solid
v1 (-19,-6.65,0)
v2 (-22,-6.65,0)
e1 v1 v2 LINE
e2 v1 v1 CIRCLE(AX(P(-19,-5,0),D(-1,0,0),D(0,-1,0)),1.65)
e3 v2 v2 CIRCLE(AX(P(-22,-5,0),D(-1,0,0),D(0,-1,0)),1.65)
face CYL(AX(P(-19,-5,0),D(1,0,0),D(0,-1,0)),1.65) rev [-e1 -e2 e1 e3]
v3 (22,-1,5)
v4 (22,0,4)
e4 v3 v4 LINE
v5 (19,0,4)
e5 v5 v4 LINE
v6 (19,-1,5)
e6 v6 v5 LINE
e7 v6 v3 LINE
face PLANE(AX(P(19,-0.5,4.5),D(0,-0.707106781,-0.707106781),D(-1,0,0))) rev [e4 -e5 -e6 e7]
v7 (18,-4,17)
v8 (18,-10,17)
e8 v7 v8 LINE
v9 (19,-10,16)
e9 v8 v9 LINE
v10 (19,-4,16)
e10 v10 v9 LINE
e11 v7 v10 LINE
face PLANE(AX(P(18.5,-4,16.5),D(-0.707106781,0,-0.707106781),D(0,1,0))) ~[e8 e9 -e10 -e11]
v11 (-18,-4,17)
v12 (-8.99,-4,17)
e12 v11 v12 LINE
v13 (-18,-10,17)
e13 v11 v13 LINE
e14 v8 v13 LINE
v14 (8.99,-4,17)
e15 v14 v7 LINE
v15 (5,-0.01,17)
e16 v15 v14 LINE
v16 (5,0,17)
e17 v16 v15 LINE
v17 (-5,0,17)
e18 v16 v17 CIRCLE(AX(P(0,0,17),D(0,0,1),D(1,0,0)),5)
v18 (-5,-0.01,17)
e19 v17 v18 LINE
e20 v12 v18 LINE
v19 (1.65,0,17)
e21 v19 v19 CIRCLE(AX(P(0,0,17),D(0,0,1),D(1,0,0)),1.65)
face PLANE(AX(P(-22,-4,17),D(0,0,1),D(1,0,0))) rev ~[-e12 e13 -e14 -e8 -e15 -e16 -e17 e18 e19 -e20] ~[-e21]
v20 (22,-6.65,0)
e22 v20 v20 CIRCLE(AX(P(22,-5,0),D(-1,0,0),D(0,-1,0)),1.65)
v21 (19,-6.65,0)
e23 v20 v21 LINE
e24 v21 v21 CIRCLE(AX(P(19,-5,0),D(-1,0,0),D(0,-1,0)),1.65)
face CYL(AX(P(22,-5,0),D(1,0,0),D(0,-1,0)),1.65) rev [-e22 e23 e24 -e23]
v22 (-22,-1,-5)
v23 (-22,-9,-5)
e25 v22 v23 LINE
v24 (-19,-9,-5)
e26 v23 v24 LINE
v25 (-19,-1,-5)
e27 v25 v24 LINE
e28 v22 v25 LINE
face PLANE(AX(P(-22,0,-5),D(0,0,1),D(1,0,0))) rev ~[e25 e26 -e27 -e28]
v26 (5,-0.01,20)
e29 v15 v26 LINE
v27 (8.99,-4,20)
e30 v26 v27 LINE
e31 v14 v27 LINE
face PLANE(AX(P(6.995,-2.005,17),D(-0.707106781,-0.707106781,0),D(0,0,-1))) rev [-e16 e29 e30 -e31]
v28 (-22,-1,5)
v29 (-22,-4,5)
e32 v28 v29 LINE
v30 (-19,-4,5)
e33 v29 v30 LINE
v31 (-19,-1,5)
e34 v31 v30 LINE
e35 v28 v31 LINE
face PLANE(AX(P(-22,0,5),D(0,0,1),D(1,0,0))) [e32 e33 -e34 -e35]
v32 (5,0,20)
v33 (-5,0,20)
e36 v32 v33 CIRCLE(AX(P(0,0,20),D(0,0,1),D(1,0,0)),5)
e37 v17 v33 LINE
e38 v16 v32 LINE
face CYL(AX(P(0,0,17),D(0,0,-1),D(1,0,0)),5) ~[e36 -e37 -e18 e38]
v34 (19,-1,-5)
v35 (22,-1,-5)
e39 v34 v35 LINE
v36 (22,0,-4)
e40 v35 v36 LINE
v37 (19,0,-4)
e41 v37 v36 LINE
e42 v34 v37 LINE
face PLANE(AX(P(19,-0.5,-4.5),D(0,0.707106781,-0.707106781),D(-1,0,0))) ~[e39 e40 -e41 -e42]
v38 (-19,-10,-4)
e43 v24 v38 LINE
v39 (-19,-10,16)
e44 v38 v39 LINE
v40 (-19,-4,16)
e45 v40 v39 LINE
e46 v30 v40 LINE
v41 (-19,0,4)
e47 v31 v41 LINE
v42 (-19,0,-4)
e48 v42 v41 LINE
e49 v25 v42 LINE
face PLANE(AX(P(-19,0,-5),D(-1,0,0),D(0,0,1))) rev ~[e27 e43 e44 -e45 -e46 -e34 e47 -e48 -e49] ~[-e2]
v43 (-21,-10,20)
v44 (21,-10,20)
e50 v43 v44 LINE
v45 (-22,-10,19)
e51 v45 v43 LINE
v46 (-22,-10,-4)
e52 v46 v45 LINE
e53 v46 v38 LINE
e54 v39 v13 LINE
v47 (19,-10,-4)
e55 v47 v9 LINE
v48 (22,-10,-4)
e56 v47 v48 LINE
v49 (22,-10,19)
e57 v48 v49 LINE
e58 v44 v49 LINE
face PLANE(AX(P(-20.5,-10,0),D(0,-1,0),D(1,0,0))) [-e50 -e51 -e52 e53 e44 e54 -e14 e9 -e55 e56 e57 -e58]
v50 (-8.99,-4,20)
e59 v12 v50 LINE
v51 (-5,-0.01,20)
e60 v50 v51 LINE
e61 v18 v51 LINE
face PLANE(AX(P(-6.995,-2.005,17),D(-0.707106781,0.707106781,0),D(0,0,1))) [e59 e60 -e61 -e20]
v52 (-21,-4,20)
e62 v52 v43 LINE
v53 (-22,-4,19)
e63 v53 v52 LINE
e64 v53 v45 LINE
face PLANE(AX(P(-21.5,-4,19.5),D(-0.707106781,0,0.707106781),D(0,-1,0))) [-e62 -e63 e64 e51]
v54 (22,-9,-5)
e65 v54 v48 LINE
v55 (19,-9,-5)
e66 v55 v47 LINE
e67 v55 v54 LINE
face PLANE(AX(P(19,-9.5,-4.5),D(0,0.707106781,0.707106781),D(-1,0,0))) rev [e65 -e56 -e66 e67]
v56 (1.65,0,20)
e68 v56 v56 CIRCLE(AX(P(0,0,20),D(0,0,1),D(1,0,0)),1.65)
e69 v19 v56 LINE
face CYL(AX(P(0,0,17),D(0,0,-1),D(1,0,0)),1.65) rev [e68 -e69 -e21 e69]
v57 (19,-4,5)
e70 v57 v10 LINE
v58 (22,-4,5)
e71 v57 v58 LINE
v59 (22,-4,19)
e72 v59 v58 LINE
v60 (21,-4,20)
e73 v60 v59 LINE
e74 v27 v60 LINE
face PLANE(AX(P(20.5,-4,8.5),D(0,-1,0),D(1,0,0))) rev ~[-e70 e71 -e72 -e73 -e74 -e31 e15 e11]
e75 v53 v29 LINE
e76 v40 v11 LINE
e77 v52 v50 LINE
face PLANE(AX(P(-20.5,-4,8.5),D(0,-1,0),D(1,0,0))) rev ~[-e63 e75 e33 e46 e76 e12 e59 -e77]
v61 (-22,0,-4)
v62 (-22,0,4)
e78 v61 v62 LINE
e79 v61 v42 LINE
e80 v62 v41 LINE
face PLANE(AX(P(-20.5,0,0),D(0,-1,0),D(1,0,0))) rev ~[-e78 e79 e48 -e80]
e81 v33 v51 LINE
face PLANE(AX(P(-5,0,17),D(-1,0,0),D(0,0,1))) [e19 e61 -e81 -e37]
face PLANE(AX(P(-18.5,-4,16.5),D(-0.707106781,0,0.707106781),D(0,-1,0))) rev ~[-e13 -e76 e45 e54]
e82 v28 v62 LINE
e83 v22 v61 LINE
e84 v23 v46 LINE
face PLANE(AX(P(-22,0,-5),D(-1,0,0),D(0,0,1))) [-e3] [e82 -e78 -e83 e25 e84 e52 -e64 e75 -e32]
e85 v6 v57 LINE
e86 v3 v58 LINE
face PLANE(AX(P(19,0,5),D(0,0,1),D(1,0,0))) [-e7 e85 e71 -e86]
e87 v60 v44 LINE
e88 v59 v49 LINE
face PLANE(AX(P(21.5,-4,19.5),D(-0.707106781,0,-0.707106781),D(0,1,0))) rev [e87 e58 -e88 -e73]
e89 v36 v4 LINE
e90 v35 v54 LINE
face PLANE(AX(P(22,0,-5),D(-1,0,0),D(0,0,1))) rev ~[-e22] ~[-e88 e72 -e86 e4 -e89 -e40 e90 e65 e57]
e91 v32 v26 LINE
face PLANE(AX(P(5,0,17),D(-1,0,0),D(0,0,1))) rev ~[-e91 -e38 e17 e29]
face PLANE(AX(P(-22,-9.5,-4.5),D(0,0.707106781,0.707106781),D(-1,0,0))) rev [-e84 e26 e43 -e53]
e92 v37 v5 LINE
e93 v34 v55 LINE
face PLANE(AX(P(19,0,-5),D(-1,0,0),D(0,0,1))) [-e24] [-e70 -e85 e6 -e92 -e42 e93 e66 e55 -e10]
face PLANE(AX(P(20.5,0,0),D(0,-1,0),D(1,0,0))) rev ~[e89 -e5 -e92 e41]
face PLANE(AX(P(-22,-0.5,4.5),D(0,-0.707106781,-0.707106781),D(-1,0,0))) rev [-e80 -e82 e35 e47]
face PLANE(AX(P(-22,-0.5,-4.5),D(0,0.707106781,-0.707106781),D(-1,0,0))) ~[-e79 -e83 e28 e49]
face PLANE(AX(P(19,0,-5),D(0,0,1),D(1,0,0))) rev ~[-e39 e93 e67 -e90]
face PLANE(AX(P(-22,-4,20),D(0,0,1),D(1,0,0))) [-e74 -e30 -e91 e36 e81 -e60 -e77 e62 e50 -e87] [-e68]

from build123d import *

# Parameters (mm, degrees)
CYLINDER008_R              = 1.65
CYLINDER008_DEPTH          = 3
CYLINDER007_R              = 1.65
CYLINDER007_DEPTH          = 3
CYLINDER012_R              = 1.65
CYLINDER012_DEPTH          = 3
BOX006_W                   = 3
BOX006_H                   = 10
BOX006_DEPTH               = 10
CHAMFER002_SIZE            = 1
BOX005_W                   = 10
BOX005_H                   = 3
BOX005_DEPTH               = 10
CYLINDER011_R              = 5
CYLINDER011_DEPTH          = 3
BOX004_W                   = 44
BOX004_H                   = 3
BOX004_DEPTH               = 6
BOX003_W                   = 3
BOX003_H                   = 17
BOX003_DEPTH               = 6
BOX002_W                   = 3
BOX002_H                   = 17
BOX002_DEPTH               = 6
BOX007_W                   = 3
BOX007_H                   = 10
BOX007_DEPTH               = 10
CHAMFER003_SIZE            = 1
CHAMFER_SIZE               = 1
CHAMFER004_SIZE            = 3.99
CHAMFER004_PLACEMENT_ANGLE = 90


with BuildPart() as cylinder008:
    # Cylinder008 → Cylinder008 (new body)
    with BuildSketch(Plane(origin=(-19, 0, 5), x_dir=(0, 0, 1), z_dir=(-1, 0, 0))):
        Circle(CYLINDER008_R)
    extrude(amount=CYLINDER008_DEPTH)


with BuildPart() as cylinder007:
    # Cylinder007 → Cylinder007 (new body)
    with BuildSketch(Plane(origin=(22, 0, 5), x_dir=(0, 0, 1), z_dir=(-1, 0, 0))):
        Circle(CYLINDER007_R)
    extrude(amount=CYLINDER007_DEPTH)


with BuildPart() as fusion005:
    # Cylinder012 → Cylinder012 (new body)
    with BuildSketch(Plane(origin=(0, 17, 0), x_dir=(1, 0, 0), z_dir=(0, 1, 0))):
        Circle(CYLINDER012_R)
    extrude(amount=CYLINDER012_DEPTH)

    # Fusion005: union Cylinder008, Cylinder007
    add(cylinder008.part)
    add(cylinder007.part)


with BuildPart() as chamfer002:
    # Box006 → Box006 (new body)
    with BuildSketch(Plane(origin=(-22, -5, 0), x_dir=(1, 0, 0), z_dir=(0, 0, 1))):
        with Locations((1.5, 5)):
            Rectangle(BOX006_W, BOX006_H)
    extrude(amount=BOX006_DEPTH)

    # Chamfer002
    chamfer002_edges = [chamfer002.edges().sort_by_distance(p)[0] for p in [
        (-20.5, -5, 0),
        (-20.5, -5, 10),
        (-20.5, 5, 0),
    ]]
    chamfer(chamfer002_edges, length=CHAMFER002_SIZE)


with BuildPart() as cube005:
    # Box005 → Box005 (new body)
    with BuildSketch(Plane(origin=(-5, 17, 0), x_dir=(1, 0, 0), z_dir=(0, 0, 1))):
        with Locations((5, 1.5)):
            Rectangle(BOX005_W, BOX005_H)
    extrude(amount=BOX005_DEPTH)


with BuildPart() as cylinder011:
    # Cylinder011 → Cylinder011 (new body)
    with BuildSketch(Plane(origin=(0, 17, 0), x_dir=(1, 0, 0), z_dir=(0, 1, 0))):
        Circle(CYLINDER011_R)
    extrude(amount=CYLINDER011_DEPTH)


with BuildPart() as cube004:
    # Box004 → Box004 (new body)
    with BuildSketch(Plane(origin=(-22, 17, 4), x_dir=(1, 0, 0), z_dir=(0, 0, 1))):
        with Locations((22, 1.5)):
            Rectangle(BOX004_W, BOX004_H)
    extrude(amount=BOX004_DEPTH)


with BuildPart() as cube003:
    # Box003 → Box003 (new body)
    with BuildSketch(Plane(origin=(19, 0, 4), x_dir=(1, 0, 0), z_dir=(0, 0, 1))):
        with Locations((1.5, 8.5)):
            Rectangle(BOX003_W, BOX003_H)
    extrude(amount=BOX003_DEPTH)


with BuildPart() as cube002:
    # Box002 → Box002 (new body)
    with BuildSketch(Plane(origin=(-22, 0, 4), x_dir=(1, 0, 0), z_dir=(0, 0, 1))):
        with Locations((1.5, 8.5)):
            Rectangle(BOX002_W, BOX002_H)
    extrude(amount=BOX002_DEPTH)


with BuildPart() as chamfer004:
    # Box007 → Box007 (new body)
    with BuildSketch(Plane(origin=(19, -5, 0), x_dir=(1, 0, 0), z_dir=(0, 0, 1))):
        with Locations((1.5, 5)):
            Rectangle(BOX007_W, BOX007_H)
    extrude(amount=BOX007_DEPTH)

    # Chamfer003
    chamfer003_edges = [chamfer004.edges().sort_by_distance(p)[0] for p in [
        (20.5, -5, 0),
        (20.5, -5, 10),
        (20.5, 5, 0),
    ]]
    chamfer(chamfer003_edges, length=CHAMFER003_SIZE)

    # Fusion009: union Chamfer002, Cube005, Cylinder011, Cube004, Cube003, Cube002
    add(chamfer002.part)
    add(cube005.part)
    add(cylinder011.part)
    add(cube004.part)
    add(cube003.part)
    add(cube002.part)

    # Cut001: cut Fusion005
    add(fusion005.part, mode=Mode.SUBTRACT)

    # Chamfer
    chamfer_edges = [chamfer004.edges().sort_by_distance(p)[0] for p in [
        (-22, 20, 7),
        (-19, 17, 7),
        (19, 17, 7),
        (22, 20, 7),
    ]]
    chamfer(chamfer_edges, length=CHAMFER_SIZE)

    # Chamfer004
    chamfer004_edges = [chamfer004.edges().sort_by_distance(p)[0] for p in [
        (-5, 18.5, 4),
        (5, 18.5, 4),
    ]]
    chamfer(chamfer004_edges, length=CHAMFER004_SIZE)


with BuildPart() as chamfer004_1:
    # Chamfer004 placement: moved
    add(chamfer004.part.rotate(Axis((0, 0, 0), (1, 0, 0)), CHAMFER004_PLACEMENT_ANGLE))


solid = chamfer004_1.part
